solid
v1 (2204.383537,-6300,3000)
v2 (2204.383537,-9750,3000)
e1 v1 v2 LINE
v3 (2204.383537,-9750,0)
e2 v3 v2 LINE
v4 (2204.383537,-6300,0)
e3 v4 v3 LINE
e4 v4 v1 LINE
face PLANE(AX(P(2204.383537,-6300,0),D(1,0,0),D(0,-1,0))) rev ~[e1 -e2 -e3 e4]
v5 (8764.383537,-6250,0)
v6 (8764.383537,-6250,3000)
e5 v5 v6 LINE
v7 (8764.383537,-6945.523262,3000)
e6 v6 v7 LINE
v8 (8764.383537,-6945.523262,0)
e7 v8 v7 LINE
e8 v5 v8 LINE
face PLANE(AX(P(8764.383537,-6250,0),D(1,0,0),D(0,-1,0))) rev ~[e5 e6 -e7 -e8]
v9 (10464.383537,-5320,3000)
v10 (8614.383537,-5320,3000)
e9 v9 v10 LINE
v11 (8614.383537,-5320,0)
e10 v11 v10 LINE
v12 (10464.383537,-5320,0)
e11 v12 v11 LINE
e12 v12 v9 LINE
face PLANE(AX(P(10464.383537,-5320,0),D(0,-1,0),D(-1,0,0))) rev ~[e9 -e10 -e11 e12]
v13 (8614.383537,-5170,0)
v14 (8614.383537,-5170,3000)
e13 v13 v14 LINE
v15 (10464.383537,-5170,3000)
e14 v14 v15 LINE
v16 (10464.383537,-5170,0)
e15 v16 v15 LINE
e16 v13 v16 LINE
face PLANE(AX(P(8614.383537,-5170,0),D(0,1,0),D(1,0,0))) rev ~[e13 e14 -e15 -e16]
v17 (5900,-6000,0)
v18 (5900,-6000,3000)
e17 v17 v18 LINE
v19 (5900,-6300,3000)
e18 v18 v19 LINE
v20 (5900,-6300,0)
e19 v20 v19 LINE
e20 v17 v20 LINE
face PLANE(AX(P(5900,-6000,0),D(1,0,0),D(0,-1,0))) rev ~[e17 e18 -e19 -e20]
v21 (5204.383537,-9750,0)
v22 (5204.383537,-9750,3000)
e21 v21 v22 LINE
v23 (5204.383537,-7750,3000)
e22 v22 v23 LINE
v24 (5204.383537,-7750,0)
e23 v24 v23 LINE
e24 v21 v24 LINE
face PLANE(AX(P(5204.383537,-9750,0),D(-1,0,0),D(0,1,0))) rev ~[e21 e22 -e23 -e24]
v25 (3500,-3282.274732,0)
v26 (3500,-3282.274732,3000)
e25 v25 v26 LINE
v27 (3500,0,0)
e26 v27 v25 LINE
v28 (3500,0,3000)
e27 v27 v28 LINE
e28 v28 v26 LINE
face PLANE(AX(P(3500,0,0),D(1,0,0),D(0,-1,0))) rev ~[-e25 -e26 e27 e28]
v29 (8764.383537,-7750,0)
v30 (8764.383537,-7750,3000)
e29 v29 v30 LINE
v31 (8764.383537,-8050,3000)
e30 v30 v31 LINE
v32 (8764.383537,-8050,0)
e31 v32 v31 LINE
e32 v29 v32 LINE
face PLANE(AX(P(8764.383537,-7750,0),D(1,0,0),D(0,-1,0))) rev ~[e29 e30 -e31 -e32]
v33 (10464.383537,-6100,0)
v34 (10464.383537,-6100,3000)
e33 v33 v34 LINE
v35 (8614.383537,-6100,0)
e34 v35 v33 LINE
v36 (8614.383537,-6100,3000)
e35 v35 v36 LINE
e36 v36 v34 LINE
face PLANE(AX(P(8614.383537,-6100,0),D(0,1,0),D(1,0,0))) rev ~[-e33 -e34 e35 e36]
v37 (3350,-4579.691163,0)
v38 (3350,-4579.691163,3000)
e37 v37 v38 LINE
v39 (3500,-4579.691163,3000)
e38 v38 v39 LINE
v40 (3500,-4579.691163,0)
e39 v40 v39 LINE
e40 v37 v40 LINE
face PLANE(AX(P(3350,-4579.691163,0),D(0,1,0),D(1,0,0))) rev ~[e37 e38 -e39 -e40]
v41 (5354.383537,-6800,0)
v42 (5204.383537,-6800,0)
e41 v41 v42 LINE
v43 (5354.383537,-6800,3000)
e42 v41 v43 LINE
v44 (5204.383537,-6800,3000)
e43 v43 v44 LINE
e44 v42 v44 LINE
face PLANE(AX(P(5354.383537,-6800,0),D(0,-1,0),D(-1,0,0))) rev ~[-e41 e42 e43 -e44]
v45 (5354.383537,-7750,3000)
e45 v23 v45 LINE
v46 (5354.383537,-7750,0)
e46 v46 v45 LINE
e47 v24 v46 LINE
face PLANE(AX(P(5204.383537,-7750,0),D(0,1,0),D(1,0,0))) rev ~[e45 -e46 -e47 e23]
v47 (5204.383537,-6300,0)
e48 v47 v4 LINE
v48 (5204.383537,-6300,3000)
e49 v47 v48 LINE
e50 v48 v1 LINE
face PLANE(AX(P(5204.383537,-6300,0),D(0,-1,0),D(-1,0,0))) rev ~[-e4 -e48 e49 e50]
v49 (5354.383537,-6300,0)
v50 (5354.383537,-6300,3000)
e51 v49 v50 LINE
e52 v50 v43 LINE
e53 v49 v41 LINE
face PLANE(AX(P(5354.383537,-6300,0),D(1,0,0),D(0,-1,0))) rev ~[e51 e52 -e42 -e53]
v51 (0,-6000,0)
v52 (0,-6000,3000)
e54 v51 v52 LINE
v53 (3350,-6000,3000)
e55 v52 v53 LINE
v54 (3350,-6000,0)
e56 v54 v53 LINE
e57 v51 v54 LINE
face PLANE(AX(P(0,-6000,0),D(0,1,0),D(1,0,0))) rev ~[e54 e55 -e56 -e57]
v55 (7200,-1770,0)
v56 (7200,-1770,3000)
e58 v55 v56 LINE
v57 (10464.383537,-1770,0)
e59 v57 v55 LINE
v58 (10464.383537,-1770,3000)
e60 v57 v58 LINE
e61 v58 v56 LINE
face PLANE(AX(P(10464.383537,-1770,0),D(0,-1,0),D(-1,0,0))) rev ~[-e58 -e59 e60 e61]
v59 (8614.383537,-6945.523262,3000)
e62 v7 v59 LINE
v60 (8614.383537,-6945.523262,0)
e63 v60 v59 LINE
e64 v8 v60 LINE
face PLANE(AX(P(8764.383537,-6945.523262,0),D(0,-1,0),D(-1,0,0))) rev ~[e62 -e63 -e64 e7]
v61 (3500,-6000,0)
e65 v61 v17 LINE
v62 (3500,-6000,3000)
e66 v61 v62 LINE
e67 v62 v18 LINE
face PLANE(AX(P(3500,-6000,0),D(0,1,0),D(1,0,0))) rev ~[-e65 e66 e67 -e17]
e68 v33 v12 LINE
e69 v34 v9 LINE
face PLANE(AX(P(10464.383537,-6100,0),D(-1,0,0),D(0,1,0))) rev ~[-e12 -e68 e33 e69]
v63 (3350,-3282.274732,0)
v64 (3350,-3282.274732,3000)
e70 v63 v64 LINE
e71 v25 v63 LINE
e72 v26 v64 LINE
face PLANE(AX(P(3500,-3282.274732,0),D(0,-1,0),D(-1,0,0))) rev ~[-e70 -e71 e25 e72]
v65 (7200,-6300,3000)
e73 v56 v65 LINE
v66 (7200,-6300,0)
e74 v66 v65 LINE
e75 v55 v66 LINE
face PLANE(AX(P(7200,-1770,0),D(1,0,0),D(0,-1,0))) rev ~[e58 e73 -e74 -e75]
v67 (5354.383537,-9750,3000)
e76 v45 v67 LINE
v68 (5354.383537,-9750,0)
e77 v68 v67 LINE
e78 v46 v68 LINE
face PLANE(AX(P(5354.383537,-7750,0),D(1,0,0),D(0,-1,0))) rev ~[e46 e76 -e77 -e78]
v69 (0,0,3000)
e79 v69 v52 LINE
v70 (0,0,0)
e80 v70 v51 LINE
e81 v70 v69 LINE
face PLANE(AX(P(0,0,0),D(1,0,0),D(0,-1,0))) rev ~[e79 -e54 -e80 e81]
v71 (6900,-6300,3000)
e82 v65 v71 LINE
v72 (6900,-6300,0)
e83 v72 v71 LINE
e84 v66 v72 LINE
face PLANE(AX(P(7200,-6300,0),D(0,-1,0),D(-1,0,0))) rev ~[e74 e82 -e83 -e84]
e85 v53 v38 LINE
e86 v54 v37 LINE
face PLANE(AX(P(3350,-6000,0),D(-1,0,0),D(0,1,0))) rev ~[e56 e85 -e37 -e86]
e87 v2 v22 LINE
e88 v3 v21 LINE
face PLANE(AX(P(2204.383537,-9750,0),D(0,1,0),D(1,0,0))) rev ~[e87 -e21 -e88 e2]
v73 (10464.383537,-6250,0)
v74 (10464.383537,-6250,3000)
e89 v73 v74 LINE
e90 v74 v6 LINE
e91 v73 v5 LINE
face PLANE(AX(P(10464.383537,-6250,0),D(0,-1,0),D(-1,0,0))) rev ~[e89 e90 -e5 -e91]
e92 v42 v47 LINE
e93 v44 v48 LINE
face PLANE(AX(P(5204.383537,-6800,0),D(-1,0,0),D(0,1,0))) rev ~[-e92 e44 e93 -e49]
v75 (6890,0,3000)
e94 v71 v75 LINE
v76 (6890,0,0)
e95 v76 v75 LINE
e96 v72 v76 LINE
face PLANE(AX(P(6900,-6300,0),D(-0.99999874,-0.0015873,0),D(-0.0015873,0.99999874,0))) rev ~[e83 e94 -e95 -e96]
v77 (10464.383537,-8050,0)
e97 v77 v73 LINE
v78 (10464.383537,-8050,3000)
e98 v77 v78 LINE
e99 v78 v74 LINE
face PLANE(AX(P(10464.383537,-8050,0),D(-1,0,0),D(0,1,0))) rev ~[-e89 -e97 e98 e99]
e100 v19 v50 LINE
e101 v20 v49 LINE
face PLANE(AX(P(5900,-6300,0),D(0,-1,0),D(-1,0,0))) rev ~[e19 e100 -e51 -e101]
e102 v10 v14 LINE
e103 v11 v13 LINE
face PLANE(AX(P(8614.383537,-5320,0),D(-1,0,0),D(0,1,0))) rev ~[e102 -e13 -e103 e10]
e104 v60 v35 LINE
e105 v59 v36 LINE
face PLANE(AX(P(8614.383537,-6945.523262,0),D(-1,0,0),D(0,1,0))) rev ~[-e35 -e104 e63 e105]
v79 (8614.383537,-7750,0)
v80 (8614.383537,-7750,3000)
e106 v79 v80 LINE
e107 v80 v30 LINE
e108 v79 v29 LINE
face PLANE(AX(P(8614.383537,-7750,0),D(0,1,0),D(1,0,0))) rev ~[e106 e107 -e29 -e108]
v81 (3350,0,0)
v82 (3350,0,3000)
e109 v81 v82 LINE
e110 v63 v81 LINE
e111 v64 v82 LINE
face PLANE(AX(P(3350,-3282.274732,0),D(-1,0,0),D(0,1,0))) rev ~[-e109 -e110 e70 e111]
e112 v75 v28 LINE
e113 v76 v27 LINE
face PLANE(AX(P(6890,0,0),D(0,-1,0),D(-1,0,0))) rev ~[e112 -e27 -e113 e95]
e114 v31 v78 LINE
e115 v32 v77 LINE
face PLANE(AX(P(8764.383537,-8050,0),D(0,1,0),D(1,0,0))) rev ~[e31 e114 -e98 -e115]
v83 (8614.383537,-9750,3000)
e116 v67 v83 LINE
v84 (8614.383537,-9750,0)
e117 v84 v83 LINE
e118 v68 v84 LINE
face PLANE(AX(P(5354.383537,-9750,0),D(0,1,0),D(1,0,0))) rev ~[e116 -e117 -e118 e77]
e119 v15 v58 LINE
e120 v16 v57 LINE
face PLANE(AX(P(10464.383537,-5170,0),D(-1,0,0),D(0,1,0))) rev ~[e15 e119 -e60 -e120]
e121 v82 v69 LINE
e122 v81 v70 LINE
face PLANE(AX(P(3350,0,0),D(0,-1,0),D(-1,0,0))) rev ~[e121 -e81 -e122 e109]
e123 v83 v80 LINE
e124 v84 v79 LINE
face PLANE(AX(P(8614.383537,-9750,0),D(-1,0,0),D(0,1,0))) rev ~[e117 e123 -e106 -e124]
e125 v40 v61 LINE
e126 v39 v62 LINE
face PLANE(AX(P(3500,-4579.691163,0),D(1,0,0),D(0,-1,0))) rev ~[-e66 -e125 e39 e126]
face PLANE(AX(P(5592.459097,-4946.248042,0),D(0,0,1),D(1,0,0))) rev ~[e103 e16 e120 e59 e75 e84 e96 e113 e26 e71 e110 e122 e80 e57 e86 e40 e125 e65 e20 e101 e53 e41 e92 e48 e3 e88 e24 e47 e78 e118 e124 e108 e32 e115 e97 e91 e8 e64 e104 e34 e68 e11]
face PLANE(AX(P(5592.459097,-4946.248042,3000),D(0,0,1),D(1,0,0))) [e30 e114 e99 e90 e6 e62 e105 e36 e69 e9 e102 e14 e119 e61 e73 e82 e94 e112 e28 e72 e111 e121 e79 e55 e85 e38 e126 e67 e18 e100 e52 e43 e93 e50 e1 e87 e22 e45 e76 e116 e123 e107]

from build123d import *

# Parameters (mm, degrees)
F1_DEPTH = 3000


with BuildPart() as f1:
    # F0 (on Top) → F1 (new body)
    with BuildSketch(Plane.XY):
        Polygon((3350, 0), (0, 0), (0, -6000), (3350, -6000), (3350, -4579.691163), (3500, -4579.691163), (3500, -6000), (5900, -6000), (5900, -6300), (5354.383537, -6300), (5354.383537, -6800), (5204.383537, -6800), (5204.383537, -6300), (2204.383537, -6300), (2204.383537, -9750), (5204.383537, -9750), (5204.383537, -7750), (5354.383537, -7750), (5354.383537, -9750), (8614.383537, -9750), (8614.383537, -7750), (8764.383537, -7750), (8764.383537, -8050), (10464.383537, -8050), (10464.383537, -6250), (8764.383537, -6250), (8764.383537, -6945.523262), (8614.383537, -6945.523262), (8614.383537, -6100), (8764.383537, -6100), (10464.383537, -6100), (10464.383537, -5320), (8614.383537, -5320), (8614.383537, -5170), (10464.383537, -5170), (10464.383537, -1770), (7200, -1770), (7200, -6300), (6900, -6300), (6890, 0), (3500, 0), (3500, -3282.274732), (3350, -3282.274732), align=None)
    extrude(amount=F1_DEPTH)


solid = f1.part
